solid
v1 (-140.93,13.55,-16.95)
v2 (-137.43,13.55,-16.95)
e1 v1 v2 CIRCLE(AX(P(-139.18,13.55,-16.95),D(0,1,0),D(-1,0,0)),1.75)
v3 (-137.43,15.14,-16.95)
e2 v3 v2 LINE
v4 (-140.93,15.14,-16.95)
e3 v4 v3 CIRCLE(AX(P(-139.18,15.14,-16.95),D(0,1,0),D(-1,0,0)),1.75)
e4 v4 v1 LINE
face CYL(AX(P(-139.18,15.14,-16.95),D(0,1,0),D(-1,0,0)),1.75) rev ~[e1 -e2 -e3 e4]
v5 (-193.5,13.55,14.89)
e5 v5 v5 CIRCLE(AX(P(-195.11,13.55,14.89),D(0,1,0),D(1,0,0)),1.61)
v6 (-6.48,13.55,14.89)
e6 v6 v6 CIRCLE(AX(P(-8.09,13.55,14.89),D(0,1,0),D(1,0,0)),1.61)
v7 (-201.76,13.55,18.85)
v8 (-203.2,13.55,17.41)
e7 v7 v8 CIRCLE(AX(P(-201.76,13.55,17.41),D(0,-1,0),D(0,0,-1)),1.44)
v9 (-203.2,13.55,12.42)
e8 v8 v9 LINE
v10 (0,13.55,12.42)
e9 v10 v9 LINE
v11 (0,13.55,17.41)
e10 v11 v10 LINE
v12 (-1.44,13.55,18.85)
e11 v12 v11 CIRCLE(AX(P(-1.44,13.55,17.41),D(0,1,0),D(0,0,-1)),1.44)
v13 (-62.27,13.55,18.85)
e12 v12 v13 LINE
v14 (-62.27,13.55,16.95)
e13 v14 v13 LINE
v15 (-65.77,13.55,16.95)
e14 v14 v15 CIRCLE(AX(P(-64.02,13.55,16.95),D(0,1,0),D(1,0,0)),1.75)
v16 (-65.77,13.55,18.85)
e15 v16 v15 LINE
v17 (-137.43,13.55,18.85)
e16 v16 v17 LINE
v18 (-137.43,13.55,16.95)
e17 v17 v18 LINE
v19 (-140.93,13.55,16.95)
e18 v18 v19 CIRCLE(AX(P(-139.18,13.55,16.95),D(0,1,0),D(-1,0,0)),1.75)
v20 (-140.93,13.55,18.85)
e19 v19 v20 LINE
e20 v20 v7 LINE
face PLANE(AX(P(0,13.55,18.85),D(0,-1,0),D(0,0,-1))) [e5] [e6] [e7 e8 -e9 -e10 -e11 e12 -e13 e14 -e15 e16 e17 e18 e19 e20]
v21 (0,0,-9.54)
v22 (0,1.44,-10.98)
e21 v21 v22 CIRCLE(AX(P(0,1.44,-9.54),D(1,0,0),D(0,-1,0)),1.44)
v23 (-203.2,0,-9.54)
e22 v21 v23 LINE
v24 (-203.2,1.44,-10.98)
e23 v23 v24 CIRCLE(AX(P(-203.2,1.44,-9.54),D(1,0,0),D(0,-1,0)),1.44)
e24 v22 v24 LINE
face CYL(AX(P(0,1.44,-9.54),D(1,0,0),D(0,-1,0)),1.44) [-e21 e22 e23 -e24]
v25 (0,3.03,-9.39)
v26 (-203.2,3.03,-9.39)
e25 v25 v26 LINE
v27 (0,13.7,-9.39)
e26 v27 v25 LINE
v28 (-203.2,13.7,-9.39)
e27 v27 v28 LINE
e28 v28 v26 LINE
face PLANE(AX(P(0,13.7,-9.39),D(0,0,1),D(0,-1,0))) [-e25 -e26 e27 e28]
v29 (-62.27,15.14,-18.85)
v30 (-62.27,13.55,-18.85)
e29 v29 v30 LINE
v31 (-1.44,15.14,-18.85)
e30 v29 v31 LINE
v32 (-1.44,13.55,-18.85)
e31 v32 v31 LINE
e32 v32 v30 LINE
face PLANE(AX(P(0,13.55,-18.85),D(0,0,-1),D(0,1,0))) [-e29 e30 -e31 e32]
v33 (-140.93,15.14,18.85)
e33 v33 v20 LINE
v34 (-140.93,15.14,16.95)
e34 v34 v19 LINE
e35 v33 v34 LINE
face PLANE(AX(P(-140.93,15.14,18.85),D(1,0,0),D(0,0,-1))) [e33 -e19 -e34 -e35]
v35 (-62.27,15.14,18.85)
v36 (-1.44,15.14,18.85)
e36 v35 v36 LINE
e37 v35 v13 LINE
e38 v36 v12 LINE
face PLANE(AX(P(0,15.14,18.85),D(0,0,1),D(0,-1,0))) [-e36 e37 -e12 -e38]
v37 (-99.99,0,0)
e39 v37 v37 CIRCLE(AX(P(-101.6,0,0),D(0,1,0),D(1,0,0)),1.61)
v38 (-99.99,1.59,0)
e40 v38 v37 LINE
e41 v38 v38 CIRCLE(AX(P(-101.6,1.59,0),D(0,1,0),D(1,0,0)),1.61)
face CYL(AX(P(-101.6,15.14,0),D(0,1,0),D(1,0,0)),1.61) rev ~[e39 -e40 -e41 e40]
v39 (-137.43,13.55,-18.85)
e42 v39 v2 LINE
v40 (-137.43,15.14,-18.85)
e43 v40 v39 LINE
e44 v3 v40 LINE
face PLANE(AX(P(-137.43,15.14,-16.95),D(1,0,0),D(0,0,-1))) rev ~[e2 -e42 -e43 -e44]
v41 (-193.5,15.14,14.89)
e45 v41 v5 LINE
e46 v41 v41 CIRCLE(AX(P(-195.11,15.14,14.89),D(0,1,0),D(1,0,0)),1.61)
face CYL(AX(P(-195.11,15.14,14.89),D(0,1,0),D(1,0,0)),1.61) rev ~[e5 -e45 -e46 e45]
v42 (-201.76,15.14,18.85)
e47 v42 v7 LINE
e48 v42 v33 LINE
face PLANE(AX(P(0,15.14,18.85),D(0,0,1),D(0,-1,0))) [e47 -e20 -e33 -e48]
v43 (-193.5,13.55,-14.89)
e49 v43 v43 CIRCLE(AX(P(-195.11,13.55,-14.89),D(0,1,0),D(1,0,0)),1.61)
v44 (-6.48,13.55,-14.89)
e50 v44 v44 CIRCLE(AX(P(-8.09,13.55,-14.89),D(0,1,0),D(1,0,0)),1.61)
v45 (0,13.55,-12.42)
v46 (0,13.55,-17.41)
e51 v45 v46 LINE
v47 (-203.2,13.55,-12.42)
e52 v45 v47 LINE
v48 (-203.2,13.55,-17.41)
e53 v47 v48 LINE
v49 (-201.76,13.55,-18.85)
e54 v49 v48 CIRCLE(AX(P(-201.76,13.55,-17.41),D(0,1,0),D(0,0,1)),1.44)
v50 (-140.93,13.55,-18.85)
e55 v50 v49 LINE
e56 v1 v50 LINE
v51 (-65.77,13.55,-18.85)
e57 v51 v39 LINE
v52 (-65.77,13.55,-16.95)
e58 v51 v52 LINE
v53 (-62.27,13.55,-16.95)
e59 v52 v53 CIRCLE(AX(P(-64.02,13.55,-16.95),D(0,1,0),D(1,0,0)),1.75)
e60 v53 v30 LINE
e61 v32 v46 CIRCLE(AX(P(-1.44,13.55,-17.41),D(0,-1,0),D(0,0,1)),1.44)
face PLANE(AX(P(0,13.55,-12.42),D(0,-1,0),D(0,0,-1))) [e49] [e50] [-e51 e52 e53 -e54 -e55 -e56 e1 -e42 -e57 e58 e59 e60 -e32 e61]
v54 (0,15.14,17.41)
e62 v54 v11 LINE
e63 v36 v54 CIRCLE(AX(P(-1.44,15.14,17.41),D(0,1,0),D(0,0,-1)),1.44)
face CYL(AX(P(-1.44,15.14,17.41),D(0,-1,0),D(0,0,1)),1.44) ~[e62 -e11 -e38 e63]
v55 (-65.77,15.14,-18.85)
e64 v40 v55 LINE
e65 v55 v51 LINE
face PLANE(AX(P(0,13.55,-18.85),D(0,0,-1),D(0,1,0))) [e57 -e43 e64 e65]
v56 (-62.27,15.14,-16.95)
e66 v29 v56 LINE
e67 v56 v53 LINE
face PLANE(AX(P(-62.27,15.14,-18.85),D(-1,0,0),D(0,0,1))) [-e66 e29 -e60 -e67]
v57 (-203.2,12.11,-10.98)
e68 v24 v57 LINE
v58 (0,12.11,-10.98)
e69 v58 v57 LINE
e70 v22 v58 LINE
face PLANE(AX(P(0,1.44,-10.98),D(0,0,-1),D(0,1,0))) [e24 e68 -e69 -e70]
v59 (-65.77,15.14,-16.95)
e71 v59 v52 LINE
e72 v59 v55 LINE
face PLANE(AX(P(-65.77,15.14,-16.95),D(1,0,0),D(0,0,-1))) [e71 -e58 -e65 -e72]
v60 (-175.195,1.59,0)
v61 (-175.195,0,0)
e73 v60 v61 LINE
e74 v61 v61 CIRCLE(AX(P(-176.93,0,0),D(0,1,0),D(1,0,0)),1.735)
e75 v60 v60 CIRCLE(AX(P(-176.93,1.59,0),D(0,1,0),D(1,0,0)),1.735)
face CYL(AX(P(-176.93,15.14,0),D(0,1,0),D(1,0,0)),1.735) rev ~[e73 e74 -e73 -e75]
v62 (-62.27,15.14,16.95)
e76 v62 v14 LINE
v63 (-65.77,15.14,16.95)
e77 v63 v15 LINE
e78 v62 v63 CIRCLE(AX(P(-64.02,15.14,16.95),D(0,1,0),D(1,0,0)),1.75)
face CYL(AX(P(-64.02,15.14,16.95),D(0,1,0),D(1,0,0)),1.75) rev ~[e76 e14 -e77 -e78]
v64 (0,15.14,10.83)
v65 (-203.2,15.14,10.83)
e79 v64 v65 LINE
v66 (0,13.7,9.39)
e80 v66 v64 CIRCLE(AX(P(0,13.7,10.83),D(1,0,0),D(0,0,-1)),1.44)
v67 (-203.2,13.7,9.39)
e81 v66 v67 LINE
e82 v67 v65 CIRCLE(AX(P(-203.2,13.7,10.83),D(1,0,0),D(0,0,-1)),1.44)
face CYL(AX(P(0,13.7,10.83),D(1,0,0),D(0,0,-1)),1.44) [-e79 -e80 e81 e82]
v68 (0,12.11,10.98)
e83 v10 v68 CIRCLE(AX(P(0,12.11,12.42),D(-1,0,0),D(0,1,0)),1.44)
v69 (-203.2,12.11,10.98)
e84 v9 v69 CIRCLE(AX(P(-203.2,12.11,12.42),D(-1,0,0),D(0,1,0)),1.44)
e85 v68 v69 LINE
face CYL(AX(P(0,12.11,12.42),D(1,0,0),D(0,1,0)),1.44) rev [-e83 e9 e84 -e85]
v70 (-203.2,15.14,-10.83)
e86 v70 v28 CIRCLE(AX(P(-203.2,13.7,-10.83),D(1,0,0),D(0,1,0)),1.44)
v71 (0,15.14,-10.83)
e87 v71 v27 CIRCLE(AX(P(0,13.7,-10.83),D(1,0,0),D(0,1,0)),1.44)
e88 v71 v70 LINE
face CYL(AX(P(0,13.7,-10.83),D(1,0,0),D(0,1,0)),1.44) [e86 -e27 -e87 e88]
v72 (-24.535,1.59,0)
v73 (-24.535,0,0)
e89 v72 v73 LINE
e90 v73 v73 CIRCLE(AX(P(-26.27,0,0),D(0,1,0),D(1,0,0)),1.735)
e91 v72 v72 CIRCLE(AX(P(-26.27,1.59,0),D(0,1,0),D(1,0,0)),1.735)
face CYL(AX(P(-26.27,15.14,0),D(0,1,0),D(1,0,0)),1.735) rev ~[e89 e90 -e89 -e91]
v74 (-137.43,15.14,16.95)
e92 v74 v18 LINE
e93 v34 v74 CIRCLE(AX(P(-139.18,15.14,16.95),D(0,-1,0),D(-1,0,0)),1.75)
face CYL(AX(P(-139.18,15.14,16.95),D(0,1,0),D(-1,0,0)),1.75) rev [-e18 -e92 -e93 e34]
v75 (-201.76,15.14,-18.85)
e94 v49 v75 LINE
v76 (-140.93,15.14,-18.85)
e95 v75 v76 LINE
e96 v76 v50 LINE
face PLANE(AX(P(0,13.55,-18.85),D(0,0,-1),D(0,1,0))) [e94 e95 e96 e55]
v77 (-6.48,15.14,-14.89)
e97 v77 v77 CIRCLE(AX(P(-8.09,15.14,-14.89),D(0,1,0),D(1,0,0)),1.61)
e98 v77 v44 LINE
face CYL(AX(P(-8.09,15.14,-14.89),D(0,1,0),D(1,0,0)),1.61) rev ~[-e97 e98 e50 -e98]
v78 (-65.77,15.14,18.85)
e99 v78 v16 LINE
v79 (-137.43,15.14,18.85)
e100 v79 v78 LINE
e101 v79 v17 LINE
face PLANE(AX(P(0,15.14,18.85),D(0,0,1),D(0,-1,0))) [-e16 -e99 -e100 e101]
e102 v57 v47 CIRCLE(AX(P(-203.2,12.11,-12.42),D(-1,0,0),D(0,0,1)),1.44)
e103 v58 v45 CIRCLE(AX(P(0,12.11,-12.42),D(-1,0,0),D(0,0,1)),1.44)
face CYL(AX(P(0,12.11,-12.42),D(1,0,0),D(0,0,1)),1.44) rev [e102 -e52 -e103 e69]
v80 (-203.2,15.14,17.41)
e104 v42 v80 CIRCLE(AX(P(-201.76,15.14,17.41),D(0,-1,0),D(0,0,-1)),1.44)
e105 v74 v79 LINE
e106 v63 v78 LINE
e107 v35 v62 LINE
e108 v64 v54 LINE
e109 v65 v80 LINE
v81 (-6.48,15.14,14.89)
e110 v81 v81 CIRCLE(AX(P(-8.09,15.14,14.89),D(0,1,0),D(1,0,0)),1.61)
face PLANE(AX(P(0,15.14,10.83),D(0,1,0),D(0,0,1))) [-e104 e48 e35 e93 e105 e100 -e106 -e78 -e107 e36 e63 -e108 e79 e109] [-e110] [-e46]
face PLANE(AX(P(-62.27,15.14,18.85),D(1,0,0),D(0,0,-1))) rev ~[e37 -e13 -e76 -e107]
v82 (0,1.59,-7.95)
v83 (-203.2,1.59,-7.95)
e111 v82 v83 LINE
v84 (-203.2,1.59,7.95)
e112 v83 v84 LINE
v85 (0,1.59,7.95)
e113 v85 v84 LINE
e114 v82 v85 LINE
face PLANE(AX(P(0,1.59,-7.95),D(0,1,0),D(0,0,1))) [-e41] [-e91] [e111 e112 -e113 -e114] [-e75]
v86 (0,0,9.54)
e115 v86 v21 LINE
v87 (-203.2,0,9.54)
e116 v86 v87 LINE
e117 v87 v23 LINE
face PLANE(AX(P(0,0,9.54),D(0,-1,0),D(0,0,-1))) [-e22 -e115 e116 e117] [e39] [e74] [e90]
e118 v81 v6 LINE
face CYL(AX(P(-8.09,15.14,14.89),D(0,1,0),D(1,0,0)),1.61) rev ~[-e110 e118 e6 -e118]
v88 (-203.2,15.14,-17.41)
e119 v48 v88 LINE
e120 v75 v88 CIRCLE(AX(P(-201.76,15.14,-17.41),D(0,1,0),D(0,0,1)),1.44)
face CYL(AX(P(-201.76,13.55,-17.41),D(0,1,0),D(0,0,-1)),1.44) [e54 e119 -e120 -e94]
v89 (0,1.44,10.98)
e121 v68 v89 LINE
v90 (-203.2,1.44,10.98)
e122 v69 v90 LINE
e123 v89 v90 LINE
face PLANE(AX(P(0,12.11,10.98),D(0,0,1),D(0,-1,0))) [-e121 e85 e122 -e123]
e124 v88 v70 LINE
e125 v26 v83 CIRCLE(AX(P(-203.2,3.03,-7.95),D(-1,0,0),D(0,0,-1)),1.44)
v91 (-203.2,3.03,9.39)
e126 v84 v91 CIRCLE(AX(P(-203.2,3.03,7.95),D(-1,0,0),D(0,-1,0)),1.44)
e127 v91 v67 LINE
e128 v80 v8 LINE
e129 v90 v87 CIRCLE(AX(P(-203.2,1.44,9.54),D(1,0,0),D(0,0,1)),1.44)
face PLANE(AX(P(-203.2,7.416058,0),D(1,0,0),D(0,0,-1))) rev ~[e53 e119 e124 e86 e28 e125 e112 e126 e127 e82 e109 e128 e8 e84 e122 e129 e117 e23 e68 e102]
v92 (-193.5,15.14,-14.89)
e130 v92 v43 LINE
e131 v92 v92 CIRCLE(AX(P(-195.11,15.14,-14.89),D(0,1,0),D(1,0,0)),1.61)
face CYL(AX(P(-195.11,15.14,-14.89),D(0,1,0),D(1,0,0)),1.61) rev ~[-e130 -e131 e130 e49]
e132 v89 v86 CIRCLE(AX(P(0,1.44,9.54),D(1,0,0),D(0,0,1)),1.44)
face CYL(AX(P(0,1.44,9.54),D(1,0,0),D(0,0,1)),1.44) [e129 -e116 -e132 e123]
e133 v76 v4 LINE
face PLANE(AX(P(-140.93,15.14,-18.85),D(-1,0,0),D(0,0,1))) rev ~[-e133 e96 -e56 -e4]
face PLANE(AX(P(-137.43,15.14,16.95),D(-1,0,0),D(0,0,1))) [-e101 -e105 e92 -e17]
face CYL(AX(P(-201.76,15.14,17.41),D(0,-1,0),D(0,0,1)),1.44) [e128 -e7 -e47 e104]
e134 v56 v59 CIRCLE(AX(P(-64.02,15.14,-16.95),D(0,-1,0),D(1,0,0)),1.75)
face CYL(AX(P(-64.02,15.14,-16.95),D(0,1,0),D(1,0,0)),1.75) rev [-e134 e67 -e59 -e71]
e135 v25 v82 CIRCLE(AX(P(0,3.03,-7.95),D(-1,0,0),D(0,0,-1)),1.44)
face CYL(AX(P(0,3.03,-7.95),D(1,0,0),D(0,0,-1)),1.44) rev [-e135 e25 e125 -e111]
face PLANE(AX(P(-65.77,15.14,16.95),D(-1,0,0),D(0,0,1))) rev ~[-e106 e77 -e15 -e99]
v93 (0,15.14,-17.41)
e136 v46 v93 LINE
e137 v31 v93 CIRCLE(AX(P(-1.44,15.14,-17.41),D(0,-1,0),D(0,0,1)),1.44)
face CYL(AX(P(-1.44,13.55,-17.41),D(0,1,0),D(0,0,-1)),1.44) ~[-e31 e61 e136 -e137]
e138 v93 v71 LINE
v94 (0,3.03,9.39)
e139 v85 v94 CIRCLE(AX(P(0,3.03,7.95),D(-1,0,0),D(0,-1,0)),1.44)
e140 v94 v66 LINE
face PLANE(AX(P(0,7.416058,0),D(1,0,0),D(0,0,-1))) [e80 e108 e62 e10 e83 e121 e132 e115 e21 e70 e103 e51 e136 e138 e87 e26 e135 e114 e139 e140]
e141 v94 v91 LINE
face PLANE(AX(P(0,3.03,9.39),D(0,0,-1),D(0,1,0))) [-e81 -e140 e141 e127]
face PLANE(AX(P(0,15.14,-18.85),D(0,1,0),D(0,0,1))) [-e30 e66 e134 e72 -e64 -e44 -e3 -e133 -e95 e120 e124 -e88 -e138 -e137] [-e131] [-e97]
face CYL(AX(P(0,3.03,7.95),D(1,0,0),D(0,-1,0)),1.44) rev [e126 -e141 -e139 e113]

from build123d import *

# Parameters (mm, degrees)
BOSS_EXTRUDE2_DEPTH     = 203.2
FILLET4_R               = 1.44
SKETCH3_R               = 1.61
SKETCH3_R_2             = 1.735
CUT_EXTRUDE2_DEPTH      = 1
CUT_EXTRUDE2_DEPTH_BACK = 16.14


with BuildPart() as part:
    # Sketch1 → Boss-Extrude2 (new body)
    with BuildSketch(Plane(origin=(0, 0, 0), x_dir=(0, 0, -1), z_dir=(1, 0, 0))):
        with BuildLine():
            Line((-10.98, 12.11), (-10.98, 1.44))
            ThreePointArc((-10.98, 1.44), (-10.558233765, 0.421766235), (-9.54, 0))
            Line((-9.54, 0), (9.54, 0))
            ThreePointArc((9.54, 0), (10.558233765, 0.421766235), (10.98, 1.44))
            Line((10.98, 1.44), (10.98, 12.11))
            ThreePointArc((10.98, 12.11), (11.401766235, 13.128233765), (12.42, 13.55))
            Line((12.42, 13.55), (18.85, 13.55))
            Line((18.85, 13.55), (18.85, 15.14))
            Line((18.85, 15.14), (10.83, 15.14))
            ThreePointArc((10.83, 15.14), (9.811766235, 14.718233765), (9.39, 13.7))
            Line((9.39, 13.7), (9.39, 3.03))
            ThreePointArc((9.39, 3.03), (8.968233765, 2.011766235), (7.95, 1.59))
            Line((7.95, 1.59), (-7.95, 1.59))
            ThreePointArc((-7.95, 1.59), (-8.968233765, 2.011766235), (-9.39, 3.03))
            Line((-9.39, 3.03), (-9.39, 13.7))
            ThreePointArc((-9.39, 13.7), (-9.811766235, 14.718233765), (-10.83, 15.14))
            Line((-10.83, 15.14), (-18.85, 15.14))
            Line((-18.85, 15.14), (-18.85, 13.55))
            Line((-18.85, 13.55), (-12.42, 13.55))
            ThreePointArc((-12.42, 13.55), (-11.401766235, 13.128233765), (-10.98, 12.11))
        make_face()
    extrude(amount=-BOSS_EXTRUDE2_DEPTH)

    # Fillet4
    fillet4_edges = [part.edges().sort_by_distance(p)[0] for p in [
        (0, 14.345, 18.85),
        (0, 14.345, -18.85),
        (-203.2, 14.345, 18.85),
        (-203.2, 14.345, -18.85),
    ]]
    fillet(fillet4_edges, radius=FILLET4_R)

    # Sketch3 → Cut-Extrude2 (cut, two sides)
    with BuildSketch(Plane(origin=(0, 15.14, 0), x_dir=(1, 0, 0), z_dir=(0, 1, 0))) as cut_extrude2_sk:
        with Locations((-101.6, 0)):
            Circle(SKETCH3_R)
        with Locations((-26.27, 0)):
            Circle(SKETCH3_R_2)
        with Locations((-176.93, 0)):
            Circle(SKETCH3_R_2)
        with Locations((-195.11, 14.89)):
            Circle(SKETCH3_R)
        with Locations((-195.11, -14.89)):
            Circle(SKETCH3_R)
        with Locations((-8.09, 14.89)):
            Circle(SKETCH3_R)
        with Locations((-8.09, -14.89)):
            Circle(SKETCH3_R)
        with BuildLine():
            Line((-137.43, -16.95), (-137.43, -18.85))
            Line((-137.43, -18.85), (-140.93, -18.85))
            Line((-140.93, -18.85), (-140.93, -16.95))
            ThreePointArc((-140.93, -16.95), (-139.18, -15.2), (-137.43, -16.95))
        make_face()
        with BuildLine():
            Line((-140.93, 18.85), (-140.93, 16.95))
            ThreePointArc((-140.93, 16.95), (-139.18, 15.2), (-137.43, 16.95))
            Line((-137.43, 16.95), (-137.43, 18.85))
            Line((-137.43, 18.85), (-140.93, 18.85))
        make_face()
        with BuildLine():
            Line((-65.77, -16.95), (-65.77, -18.85))
            Line((-65.77, -18.85), (-62.27, -18.85))
            Line((-62.27, -18.85), (-62.27, -16.95))
            ThreePointArc((-62.27, -16.95), (-64.02, -15.2), (-65.77, -16.95))
        make_face()
        with BuildLine():
            Line((-65.77, 16.95), (-65.77, 18.85))
            Line((-65.77, 18.85), (-62.27, 18.85))
            Line((-62.27, 18.85), (-62.27, 16.95))
            ThreePointArc((-62.27, 16.95), (-64.02, 15.2), (-65.77, 16.95))
        make_face()
    extrude(amount=CUT_EXTRUDE2_DEPTH, mode=Mode.SUBTRACT)
    extrude(cut_extrude2_sk.sketch, amount=-CUT_EXTRUDE2_DEPTH_BACK, mode=Mode.SUBTRACT)


solid = part.part
